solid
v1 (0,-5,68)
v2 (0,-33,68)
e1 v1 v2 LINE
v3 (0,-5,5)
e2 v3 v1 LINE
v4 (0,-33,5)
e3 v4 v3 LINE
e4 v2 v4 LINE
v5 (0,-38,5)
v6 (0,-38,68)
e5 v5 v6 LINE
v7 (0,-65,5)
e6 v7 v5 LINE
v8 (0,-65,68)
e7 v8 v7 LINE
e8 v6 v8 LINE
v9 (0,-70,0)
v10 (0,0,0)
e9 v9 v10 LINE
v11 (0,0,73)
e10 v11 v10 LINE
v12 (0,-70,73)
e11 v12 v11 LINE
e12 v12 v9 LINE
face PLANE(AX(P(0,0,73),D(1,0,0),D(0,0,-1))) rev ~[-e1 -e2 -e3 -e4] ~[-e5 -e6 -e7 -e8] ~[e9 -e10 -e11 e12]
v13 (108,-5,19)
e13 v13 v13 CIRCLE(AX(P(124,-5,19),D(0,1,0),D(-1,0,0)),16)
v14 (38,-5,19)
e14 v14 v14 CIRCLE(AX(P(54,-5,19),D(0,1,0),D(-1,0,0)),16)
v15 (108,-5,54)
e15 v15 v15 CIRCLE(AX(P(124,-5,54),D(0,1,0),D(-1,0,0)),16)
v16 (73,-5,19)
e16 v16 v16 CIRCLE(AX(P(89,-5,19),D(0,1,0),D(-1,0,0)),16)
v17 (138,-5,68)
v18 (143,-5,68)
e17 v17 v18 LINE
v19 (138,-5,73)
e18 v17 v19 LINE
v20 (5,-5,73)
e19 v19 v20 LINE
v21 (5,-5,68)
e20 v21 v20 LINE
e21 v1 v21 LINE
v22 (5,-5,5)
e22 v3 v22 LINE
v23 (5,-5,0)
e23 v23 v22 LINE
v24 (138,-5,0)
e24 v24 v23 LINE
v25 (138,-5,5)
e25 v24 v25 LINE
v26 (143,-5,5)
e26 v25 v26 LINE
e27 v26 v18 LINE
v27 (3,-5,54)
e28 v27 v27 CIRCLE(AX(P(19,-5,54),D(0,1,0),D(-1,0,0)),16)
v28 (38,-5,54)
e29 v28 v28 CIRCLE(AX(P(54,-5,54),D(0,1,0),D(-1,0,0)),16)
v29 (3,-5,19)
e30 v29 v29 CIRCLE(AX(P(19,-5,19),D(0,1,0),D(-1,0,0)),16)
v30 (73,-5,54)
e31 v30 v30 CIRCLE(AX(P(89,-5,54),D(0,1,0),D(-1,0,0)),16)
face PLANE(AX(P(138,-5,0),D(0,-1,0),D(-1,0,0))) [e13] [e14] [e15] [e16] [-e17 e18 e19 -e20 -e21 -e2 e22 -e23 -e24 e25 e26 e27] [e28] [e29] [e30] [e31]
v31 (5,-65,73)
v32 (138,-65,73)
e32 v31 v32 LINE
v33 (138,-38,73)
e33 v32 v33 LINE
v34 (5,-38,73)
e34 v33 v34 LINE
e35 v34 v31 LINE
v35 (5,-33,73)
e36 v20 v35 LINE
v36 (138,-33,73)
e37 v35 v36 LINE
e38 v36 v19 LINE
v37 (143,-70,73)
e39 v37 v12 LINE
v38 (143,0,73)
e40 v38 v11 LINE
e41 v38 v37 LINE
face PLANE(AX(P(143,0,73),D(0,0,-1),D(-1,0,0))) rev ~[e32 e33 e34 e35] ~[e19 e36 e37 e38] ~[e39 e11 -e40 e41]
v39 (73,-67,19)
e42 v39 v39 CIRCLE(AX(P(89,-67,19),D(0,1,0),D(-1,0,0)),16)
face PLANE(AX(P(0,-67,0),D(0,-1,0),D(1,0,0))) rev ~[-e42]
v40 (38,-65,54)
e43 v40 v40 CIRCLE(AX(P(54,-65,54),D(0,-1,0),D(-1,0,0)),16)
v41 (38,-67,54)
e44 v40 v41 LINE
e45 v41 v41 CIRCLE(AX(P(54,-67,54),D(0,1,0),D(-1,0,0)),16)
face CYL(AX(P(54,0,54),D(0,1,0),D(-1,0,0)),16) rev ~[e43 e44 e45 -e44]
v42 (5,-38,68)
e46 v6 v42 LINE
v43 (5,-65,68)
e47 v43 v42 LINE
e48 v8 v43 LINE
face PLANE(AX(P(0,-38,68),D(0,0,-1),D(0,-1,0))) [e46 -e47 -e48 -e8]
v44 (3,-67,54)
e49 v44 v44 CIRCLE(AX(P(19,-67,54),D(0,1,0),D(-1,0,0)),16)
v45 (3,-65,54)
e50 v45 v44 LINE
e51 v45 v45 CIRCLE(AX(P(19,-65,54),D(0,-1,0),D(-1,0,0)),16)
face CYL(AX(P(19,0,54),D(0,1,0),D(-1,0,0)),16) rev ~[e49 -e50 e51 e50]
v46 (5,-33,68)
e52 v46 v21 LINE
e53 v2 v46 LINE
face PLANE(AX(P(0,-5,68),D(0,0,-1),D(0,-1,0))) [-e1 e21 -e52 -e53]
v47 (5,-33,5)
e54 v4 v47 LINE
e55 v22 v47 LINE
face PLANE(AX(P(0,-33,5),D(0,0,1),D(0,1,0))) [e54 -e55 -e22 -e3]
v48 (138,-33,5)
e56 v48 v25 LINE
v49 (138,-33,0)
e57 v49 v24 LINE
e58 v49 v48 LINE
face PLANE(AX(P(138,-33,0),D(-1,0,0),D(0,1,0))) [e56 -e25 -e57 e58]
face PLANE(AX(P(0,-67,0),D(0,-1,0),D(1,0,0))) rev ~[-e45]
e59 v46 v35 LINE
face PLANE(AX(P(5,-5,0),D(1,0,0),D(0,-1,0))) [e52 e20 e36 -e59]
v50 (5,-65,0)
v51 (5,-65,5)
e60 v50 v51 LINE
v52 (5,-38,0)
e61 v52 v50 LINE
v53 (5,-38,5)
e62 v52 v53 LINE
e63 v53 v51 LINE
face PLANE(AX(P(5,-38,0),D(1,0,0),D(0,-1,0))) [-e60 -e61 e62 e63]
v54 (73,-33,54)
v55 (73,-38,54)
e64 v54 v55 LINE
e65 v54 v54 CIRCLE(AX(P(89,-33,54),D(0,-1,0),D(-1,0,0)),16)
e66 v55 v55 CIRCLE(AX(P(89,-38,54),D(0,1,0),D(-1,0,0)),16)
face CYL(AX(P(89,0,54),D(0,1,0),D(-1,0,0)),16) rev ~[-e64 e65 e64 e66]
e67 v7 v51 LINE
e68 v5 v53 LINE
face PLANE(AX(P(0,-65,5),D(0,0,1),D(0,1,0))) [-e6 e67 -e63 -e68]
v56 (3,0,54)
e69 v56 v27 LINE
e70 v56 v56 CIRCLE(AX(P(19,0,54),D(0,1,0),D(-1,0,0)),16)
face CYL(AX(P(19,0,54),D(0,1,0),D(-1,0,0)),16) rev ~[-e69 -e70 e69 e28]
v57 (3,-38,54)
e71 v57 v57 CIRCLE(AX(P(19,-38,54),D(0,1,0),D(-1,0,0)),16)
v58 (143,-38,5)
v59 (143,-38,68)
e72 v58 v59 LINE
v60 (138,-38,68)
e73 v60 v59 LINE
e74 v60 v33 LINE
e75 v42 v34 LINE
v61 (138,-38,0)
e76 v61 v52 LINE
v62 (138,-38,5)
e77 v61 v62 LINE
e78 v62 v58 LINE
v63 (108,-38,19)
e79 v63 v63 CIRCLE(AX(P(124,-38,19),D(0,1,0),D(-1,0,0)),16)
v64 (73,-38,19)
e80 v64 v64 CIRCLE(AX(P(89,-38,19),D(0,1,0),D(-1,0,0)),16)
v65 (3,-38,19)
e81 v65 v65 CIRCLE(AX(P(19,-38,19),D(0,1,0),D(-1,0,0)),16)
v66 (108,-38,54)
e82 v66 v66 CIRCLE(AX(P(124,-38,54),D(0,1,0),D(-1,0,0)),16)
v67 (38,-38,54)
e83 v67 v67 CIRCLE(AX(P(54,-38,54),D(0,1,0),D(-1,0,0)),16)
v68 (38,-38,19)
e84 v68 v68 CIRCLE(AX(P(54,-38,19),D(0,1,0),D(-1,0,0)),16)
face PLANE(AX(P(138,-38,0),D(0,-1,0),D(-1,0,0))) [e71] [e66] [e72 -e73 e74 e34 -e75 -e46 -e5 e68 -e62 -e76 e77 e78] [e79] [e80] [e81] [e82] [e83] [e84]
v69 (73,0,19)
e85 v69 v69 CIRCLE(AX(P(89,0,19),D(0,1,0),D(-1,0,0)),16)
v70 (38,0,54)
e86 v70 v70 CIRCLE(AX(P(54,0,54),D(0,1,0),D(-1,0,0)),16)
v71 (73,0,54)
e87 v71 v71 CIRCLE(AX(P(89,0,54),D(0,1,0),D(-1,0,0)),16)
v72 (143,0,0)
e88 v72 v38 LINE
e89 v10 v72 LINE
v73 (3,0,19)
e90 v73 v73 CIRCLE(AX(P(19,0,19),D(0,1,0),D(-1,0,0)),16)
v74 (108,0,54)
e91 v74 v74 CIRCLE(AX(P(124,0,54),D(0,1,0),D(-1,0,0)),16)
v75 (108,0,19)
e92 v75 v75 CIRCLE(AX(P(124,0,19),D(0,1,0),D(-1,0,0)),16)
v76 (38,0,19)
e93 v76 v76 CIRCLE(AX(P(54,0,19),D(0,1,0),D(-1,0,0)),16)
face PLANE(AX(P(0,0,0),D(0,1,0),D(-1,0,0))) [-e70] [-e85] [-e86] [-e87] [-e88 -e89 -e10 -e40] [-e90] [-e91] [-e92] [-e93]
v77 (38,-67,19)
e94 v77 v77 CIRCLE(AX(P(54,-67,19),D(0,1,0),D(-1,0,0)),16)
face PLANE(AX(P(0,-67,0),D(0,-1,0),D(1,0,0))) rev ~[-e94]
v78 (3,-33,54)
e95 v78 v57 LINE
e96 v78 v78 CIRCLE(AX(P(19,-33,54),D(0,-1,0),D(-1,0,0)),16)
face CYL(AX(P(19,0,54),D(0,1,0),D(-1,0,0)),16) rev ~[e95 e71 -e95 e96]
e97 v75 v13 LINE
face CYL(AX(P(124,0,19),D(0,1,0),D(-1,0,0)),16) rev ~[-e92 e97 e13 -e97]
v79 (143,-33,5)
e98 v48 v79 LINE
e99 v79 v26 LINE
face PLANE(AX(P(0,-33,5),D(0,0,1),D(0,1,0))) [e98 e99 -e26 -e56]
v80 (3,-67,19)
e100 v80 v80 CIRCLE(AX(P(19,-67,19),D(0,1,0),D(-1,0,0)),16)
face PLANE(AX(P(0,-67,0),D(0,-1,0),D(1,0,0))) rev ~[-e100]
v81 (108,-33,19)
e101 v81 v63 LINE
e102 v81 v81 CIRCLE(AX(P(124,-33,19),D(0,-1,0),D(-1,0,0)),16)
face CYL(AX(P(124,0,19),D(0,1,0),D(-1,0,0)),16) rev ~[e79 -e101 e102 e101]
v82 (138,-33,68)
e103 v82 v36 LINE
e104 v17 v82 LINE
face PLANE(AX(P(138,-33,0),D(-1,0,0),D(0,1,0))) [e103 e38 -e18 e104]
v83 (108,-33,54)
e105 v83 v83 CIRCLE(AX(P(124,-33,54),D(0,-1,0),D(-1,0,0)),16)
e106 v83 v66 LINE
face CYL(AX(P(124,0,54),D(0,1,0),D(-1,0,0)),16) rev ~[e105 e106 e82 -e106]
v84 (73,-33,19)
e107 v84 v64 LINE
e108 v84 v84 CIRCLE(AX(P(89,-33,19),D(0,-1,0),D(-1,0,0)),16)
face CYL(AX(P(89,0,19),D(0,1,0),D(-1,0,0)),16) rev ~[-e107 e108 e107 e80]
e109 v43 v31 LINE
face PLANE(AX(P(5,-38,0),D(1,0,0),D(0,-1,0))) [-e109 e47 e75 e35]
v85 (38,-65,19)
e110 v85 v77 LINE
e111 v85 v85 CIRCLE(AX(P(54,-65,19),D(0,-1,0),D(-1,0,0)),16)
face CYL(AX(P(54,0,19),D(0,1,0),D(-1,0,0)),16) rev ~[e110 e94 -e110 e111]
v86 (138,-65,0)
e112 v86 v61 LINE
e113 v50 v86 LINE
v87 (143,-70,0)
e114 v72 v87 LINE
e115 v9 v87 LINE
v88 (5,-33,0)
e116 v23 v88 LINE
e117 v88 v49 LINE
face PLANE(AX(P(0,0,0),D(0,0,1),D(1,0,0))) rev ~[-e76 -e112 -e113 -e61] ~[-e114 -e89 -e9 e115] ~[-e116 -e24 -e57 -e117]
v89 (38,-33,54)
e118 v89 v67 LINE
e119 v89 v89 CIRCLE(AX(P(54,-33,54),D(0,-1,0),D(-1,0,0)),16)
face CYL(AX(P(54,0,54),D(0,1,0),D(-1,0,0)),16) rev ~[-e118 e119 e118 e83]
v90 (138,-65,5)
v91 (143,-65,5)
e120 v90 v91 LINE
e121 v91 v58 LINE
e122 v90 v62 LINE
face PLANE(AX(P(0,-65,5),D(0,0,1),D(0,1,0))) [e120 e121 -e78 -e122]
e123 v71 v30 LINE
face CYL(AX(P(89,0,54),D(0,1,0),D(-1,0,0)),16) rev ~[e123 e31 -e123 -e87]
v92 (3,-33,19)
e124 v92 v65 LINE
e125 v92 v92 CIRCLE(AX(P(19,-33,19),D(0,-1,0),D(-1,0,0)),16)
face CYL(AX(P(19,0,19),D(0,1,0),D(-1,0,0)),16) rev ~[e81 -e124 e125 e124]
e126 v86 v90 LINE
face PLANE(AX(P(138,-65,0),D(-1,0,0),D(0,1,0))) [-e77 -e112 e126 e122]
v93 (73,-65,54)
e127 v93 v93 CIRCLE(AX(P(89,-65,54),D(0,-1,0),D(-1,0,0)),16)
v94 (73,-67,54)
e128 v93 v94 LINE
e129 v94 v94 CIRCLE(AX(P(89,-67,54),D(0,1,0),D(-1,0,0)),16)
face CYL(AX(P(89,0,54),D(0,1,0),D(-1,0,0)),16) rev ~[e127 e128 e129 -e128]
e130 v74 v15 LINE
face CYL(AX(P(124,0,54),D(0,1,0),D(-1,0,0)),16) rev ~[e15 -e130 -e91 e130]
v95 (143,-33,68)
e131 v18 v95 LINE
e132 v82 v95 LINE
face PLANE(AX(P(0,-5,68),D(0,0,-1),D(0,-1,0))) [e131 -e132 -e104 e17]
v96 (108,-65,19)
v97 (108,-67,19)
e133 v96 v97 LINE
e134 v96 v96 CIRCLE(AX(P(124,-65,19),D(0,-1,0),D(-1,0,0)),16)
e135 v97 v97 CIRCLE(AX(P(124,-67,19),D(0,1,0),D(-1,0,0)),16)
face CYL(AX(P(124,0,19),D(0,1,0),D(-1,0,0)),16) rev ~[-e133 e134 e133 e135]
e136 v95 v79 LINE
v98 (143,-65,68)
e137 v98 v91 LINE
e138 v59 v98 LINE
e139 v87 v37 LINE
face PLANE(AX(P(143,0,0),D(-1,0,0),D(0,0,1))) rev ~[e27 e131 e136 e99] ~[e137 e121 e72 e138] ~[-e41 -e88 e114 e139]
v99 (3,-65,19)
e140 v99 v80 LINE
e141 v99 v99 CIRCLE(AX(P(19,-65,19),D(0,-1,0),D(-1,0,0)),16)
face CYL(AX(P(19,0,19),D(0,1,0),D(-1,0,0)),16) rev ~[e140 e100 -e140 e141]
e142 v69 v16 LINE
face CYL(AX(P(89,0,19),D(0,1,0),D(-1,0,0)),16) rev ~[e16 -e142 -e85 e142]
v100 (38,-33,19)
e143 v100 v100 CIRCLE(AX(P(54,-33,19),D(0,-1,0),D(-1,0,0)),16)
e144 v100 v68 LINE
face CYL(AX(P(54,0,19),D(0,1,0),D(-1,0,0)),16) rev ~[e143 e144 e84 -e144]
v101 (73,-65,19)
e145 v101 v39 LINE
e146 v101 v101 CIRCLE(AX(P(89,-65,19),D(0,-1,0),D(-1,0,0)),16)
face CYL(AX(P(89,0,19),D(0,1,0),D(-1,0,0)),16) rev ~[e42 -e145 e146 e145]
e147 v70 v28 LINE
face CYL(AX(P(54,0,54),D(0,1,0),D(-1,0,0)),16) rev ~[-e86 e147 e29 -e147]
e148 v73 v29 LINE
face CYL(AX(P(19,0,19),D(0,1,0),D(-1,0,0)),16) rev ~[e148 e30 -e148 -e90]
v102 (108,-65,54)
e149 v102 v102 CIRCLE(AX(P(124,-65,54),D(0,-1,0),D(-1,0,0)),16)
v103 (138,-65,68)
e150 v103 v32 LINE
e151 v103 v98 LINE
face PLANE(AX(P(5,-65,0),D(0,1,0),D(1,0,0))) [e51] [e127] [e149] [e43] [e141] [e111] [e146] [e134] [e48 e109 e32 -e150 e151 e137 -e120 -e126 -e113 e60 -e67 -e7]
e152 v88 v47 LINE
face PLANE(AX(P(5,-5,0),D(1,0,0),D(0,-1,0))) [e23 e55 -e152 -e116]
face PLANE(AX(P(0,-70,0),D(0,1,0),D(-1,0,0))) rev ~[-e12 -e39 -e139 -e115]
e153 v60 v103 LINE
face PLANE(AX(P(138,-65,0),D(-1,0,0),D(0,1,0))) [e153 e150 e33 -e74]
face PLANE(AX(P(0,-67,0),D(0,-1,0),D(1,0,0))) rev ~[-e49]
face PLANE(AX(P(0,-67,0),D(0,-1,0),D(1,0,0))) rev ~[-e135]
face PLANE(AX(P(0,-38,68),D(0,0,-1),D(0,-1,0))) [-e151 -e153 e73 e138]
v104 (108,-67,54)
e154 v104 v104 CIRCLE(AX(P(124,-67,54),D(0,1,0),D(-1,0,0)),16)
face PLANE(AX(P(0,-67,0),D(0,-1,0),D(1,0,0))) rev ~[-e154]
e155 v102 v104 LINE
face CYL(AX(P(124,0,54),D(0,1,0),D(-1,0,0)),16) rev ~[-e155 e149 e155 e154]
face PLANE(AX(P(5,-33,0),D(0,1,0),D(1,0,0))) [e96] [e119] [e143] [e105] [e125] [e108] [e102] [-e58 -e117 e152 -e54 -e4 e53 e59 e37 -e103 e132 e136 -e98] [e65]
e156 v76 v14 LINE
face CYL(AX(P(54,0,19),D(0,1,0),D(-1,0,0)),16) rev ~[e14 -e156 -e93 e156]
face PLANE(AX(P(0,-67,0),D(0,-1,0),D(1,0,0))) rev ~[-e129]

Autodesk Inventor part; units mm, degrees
ref_plane "YZ Plane" through (0, 0, 0) normal (1, 0, 0) x (0, 1, 0)
ref_plane "XZ Plane" through (0, 0, 0) normal (0, 1, 0) x (-1, 0, 0)
ref_plane "XY Plane" through (0, 0, 0) normal (0, 0, 1) x (1, 0, 0)
sketch "Sketch1" plane through (0, 0, 0) normal (0, 1, 0) x (-1, 0, 0)
  line L0 (0, 0) -> (-143, 0)
  line L1 (-143, 0) -> (-143, 73)
  line L2 (-143, 73) -> (0, 73)
  line L3 (0, 73) -> (0, 0)
  line L4 (-38.5547, 3.9462) -> (-41.5547, 3.9462)
  circle A0 centre (-19, 19) radius 16
  circle A1 centre (-54, 19) radius 16
  circle A2 centre (-89, 19) radius 16
  circle A3 centre (-124, 19) radius 16
  circle A4 centre (-124, 54) radius 16
  circle A5 centre (-89, 54) radius 16
  circle A6 centre (-54, 54) radius 16
  circle A7 centre (-19, 54) radius 16
  dimension "d10" = 3
  dimension "d12" = 32
  dimension "d13" = 32
  dimension "d14" = 32
  dimension "d15" = 32
  dimension "d16" = 32
  dimension "d17" = 32
  dimension "d18" = 32
  dimension "d19" = 32
  dimension "d20" = 35
  dimension "d21" = 19
  dimension "d22" = 35
  dimension "d23" = 35
  dimension "d24" = 19
  dimension "d25" = 19
  dimension "d26" = 19
  dimension "d27" = 19
  dimension "d28" = 19
  dimension "d29" = 19
  dimension "d30" = 35
  dimension "d31" = 35
  dimension "d32" = 35
  dimension "d33" = 35
  dimension "d34" = 19
extrude "Extrusion1" add sketch "Sketch1" against normal blind 70
sketch "Sketch3" plane through (143, 0, 0) normal (0, 0, -1) x (-1, 0, 0)
  line L0 (138, -65) -> (5, -65)
  line L1 (5, -65) -> (5, -38)
  line L2 (5, -38) -> (138, -38)
  line L3 (138, -38) -> (138, -65)
  line L4 (143, 0) -> (143, -70) projected
  line L5 (0, 0) -> (0, -70) projected
  line L6 (143, -70) -> (0, -70) projected
  line L7 (0, 0) -> (143, 0) projected
  line L8 (5, -5) -> (138, -5)
  line L9 (138, -5) -> (138, -33)
  line L10 (138, -33) -> (5, -33)
  line L11 (5, -33) -> (5, -5)
  line L12 (5, -5) -> (138, -33) construction
  line L13 (138, -5) -> (5, -33) construction
  point P0 (71.5, -19)
  dimension "d37" = 5
  dimension "d38" = 5
  dimension "d39" = 5
  dimension "d57" = 5
  dimension "d58" = 5
  dimension "d59" = 5
  dimension "d63" = 5
extrude "Extrusion2" cut sketch "Sketch3" against normal through all contours L0 L1 L2 L3 | L8 L9 L10 L11
sketch "Sketch4" plane through (0, 0, 0) normal (-1, 0, 0) x (0, 0, 1)
  line L0 (5, -5) -> (68, -5)
  line L1 (68, -5) -> (68, -33)
  line L2 (68, -33) -> (5, -33)
  line L3 (5, -33) -> (5, -5)
  line L4 (0, 0) -> (73, 0) projected
  line L5 (0, 0) -> (0, -70) projected
  line L6 (73, 0) -> (73, -70) projected
  line L7 (5, -38) -> (68, -38)
  line L8 (68, -38) -> (68, -65)
  line L9 (68, -65) -> (5, -65)
  line L10 (5, -65) -> (5, -38)
  line L11 (73, -70) -> (0, -70) projected
  dimension "d45" = 5
  dimension "d46" = 5
  dimension "d47" = 5
  dimension "d49" = 5
  dimension "d50" = 5
  dimension "d51" = 5
  dimension "d62" = 5
extrude "Extrusion3" cut sketch "Sketch4" against normal through all contours L0 L1 L2 L3 | L7 L8 L9 L10
sketch "Sketch5" plane through (0, -70, 0) normal (0, -1, 0) x (1, 0, 0)
  line L0 (143, 0) -> (0, 0) projected
  line L1 (143, 0) -> (0, 0)
  line L2 (0, 0) -> (0, 73)
  line L3 (0, 73) -> (143, 73)
  line L4 (143, 73) -> (143, 0)
extrude "Extrusion4" add sketch "Sketch5" against normal blind 3
equation "\"d13\" = d12"
equation "\"d14\" = d12"
equation "\"d15\" = d12"
equation "\"d16\" = d12"
equation "\"d17\" = d12"
equation "\"d18\" = d12"
equation "\"d19\" = d12"
equation "\"d20\" = d12 + d10"
equation "\"d21\" = 0.5 * d12 + d10"
equation "\"d22\" = d20"
equation "\"d23\" = d22"
equation "\"d24\" = d21"
equation "\"d25\" = d21"
equation "\"d26\" = d21"
equation "\"d27\" = d25"
equation "\"d28\" = d27"
equation "\"d29\" = d27"
equation "\"d30\" = d20"
equation "\"d31\" = d30"
equation "\"d32\" = d31"
equation "\"d33\" = d20"
equation "\"d34\" = d29"
equation "\"d38\" = d37"
equation "\"d39\" = d37"
equation "\"d57\" = d37"
equation "\"d58\" = d38"
equation "\"d59\" = d37"
equation "\"d63\" = d37"
equation "\"d46\" = d45"
equation "\"d47\" = d45"
equation "\"d49\" = d45"
equation "\"d50\" = d45"
equation "\"d51\" = d45"
equation "\"d62\" = d45"
properties part number "falcon tube mount v01"
